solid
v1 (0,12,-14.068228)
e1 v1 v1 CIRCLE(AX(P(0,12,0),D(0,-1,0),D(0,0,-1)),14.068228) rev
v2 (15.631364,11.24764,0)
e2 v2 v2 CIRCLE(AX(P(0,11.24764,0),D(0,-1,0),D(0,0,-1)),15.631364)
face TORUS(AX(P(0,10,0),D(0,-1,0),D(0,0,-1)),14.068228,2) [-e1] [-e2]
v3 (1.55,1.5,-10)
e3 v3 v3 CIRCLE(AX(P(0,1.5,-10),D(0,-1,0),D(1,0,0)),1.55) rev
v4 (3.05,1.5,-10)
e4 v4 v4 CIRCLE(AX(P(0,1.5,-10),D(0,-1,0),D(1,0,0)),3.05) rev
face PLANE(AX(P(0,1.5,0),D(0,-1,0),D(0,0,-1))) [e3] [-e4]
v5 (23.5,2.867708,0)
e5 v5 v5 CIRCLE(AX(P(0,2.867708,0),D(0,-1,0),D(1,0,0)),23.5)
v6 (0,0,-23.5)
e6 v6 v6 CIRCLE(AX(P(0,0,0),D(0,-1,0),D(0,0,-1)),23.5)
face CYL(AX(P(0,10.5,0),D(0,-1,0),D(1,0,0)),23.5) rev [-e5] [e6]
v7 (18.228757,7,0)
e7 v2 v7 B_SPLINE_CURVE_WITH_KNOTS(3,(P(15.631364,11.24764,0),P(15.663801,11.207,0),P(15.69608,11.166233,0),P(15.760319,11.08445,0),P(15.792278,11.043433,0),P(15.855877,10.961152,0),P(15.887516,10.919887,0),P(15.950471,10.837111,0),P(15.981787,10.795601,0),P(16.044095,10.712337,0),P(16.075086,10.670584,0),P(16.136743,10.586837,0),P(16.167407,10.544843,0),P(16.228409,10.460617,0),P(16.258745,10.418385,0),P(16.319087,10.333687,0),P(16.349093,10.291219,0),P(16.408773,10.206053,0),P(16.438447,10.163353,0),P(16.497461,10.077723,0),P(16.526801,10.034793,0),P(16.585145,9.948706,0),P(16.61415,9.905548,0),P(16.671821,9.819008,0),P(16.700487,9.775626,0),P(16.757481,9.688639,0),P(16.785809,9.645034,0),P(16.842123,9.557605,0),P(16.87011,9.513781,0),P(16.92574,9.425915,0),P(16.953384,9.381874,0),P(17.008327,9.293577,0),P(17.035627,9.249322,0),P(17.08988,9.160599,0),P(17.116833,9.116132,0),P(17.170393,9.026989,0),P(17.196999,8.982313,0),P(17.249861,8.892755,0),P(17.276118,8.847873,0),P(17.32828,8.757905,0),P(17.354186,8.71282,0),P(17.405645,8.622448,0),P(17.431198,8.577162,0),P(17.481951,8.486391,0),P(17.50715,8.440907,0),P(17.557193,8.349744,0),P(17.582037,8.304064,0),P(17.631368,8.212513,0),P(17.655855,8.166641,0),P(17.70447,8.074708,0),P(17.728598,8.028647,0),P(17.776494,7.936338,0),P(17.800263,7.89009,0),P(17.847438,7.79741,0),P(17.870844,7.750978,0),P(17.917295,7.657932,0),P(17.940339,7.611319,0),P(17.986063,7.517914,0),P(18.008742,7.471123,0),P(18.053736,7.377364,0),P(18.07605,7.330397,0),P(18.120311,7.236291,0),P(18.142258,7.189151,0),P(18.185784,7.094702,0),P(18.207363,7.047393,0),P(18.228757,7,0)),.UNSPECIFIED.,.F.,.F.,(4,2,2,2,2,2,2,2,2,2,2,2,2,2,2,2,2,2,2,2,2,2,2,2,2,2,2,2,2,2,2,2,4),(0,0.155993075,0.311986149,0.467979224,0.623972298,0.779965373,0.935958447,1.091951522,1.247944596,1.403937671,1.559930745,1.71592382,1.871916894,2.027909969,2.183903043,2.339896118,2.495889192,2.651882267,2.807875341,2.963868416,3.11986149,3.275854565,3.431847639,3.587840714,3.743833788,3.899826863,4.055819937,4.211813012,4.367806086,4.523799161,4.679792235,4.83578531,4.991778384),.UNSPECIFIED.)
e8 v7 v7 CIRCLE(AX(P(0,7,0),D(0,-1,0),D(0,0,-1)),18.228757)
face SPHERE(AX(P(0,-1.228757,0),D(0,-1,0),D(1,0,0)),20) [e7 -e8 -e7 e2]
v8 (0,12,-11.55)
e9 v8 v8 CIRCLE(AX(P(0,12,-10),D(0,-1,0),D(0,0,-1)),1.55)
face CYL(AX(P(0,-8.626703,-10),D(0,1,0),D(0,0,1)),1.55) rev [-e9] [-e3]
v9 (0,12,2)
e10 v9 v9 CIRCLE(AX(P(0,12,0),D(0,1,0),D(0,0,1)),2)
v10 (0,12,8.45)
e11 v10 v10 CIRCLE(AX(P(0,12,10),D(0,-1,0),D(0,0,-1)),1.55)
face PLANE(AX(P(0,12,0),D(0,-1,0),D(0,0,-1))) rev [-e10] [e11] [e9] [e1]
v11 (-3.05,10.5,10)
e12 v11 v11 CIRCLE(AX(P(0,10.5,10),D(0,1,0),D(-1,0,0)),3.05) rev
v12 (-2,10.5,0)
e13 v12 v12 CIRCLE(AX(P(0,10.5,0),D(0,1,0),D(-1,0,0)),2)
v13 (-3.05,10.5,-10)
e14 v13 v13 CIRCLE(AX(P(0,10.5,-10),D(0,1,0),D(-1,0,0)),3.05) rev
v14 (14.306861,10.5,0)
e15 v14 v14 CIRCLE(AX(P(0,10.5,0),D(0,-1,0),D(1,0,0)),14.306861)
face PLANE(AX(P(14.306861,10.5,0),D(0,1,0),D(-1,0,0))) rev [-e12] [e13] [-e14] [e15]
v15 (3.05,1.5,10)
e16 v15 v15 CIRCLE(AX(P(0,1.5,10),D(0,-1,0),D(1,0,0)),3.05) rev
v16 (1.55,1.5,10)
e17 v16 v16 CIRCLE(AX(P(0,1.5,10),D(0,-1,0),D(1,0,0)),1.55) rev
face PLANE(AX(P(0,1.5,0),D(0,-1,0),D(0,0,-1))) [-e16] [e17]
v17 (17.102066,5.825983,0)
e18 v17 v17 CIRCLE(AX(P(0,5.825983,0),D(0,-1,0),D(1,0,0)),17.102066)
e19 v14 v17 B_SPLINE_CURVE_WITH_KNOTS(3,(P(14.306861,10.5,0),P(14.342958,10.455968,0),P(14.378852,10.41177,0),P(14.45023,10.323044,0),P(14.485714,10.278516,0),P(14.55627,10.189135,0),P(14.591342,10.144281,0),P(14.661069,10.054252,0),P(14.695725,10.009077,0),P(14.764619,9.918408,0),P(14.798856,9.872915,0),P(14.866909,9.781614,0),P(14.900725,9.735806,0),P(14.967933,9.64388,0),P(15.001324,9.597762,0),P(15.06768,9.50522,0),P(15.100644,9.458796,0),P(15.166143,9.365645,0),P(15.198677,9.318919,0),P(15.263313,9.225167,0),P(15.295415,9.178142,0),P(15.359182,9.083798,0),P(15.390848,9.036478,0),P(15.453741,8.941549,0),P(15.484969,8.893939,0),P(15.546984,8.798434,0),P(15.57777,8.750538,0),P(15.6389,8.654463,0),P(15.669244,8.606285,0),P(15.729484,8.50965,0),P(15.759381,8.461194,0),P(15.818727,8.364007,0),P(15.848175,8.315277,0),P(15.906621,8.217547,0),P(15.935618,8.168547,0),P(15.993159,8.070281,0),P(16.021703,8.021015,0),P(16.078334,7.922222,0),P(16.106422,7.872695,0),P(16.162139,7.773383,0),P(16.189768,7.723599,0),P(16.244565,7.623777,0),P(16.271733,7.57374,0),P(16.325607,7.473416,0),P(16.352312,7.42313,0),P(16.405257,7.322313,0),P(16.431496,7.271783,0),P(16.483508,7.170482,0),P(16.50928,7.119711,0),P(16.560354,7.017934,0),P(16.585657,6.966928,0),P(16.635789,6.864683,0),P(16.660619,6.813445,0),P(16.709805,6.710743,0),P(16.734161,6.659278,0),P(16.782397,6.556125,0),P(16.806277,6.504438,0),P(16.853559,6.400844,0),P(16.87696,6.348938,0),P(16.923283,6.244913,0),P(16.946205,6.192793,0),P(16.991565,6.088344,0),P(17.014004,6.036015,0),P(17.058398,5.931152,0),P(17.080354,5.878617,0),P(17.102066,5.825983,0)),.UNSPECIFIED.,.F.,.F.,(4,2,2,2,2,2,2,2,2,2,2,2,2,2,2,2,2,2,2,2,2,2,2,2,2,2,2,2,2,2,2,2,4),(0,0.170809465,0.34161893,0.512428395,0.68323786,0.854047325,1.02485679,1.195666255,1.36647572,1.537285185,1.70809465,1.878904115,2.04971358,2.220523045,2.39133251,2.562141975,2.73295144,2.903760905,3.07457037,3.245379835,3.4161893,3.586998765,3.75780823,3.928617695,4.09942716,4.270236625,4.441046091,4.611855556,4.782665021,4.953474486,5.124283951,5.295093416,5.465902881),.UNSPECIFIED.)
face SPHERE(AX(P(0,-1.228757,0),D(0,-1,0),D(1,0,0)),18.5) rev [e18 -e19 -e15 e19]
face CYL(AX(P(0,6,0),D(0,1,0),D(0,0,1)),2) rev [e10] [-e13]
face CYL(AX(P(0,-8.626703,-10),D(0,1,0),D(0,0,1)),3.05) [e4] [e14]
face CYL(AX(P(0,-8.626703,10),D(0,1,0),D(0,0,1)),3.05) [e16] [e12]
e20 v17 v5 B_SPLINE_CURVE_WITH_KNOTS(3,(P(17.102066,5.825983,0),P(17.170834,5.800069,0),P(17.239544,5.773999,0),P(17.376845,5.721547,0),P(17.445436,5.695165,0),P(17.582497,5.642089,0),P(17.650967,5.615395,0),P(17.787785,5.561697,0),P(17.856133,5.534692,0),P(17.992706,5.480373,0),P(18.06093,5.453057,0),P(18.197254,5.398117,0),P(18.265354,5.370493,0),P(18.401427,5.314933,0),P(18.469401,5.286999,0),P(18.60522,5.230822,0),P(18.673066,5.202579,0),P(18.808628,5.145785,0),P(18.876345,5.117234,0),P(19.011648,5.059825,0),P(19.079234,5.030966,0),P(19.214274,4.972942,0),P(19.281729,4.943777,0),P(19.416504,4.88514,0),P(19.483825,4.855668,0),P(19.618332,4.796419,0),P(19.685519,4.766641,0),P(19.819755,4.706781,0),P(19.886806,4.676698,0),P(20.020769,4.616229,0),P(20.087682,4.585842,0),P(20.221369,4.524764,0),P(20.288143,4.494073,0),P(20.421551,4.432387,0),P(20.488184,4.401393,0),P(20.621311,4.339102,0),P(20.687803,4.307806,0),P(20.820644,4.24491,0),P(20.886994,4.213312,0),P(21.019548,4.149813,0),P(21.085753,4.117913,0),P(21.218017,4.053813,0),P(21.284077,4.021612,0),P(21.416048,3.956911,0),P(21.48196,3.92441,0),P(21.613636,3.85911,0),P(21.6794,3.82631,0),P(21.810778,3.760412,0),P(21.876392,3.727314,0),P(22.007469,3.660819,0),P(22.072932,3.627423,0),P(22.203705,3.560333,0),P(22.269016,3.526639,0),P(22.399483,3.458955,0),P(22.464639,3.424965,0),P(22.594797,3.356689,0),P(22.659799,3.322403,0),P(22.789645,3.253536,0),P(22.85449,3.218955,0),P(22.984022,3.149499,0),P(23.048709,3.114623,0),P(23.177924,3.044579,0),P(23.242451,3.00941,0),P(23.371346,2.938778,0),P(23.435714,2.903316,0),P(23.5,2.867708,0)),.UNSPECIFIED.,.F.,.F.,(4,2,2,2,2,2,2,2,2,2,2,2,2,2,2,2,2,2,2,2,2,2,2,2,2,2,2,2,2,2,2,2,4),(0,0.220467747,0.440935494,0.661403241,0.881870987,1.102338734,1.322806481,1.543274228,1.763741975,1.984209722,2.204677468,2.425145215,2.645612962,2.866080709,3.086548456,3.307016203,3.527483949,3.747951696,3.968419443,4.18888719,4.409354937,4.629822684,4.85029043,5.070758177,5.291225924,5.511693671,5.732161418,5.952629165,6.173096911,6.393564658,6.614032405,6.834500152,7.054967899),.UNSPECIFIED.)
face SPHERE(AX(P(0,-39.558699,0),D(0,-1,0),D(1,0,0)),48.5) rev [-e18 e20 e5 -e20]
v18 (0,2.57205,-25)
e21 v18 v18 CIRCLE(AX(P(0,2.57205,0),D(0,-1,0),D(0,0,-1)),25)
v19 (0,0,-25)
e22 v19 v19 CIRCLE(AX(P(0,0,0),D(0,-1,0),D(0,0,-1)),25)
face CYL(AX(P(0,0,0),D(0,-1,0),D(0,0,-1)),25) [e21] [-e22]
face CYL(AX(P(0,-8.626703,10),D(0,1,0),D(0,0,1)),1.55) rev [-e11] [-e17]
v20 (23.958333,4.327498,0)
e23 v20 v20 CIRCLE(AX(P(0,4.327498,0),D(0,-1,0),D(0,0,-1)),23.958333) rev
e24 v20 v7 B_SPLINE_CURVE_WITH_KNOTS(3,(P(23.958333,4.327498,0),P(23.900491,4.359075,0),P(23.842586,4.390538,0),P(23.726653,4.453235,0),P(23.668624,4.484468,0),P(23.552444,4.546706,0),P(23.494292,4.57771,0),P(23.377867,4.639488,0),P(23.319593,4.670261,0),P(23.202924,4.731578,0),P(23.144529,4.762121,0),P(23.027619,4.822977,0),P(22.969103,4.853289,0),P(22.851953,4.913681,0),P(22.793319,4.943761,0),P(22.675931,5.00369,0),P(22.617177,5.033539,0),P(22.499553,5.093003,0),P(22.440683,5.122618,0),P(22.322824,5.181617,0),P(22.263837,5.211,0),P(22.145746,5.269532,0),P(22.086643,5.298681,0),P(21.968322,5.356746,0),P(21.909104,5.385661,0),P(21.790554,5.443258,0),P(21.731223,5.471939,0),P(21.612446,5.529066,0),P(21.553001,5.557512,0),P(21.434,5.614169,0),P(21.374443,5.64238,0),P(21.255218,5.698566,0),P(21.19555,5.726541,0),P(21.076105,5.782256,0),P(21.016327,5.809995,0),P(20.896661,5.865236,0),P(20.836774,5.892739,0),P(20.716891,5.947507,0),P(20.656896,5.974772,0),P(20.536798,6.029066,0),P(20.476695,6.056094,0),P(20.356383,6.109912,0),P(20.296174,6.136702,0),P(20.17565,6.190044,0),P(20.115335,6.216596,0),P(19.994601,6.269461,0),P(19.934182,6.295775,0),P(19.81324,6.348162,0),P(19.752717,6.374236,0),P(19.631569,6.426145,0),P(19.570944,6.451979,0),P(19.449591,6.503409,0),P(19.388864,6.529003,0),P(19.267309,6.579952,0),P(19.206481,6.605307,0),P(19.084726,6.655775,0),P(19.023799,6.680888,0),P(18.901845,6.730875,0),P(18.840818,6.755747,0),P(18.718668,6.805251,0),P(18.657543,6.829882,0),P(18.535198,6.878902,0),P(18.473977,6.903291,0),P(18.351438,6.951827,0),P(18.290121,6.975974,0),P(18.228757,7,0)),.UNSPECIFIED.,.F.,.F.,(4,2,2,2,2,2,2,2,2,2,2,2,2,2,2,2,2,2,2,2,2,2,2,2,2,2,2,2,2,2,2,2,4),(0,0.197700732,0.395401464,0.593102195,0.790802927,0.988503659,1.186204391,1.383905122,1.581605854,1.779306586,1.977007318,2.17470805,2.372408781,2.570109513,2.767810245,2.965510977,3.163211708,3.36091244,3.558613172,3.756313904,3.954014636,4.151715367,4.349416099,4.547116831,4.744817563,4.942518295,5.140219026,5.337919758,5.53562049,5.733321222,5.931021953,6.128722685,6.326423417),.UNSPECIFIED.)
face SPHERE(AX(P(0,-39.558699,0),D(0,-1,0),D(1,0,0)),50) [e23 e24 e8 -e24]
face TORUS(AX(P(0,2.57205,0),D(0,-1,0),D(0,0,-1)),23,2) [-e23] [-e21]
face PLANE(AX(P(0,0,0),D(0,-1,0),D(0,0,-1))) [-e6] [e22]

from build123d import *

# Parameters (mm, degrees)
CROQUIS5_R              = 2
CORTAR_EXTRUIR1_DEPTH   = 6
CROQUIS6_R              = 23.5
CORTAR_EXTRUIR2_DEPTH   = 0.5
CROQUIS7_R              = 3.05
CROQUIS7_R_2            = 1.55
SALIENTE_EXTRUIR1_DEPTH = 9.5
CORTAR_EXTRUIR3_START   = -5.5
CROQUIS8_R              = 1.55
CORTAR_EXTRUIR3_DEPTH   = 5.5
REDONDEO1_R             = 2
REDONDEO2_R             = 2
CROQUIS9_R              = 23.5
CORTAR_EXTRUIR4_DEPTH   = 1


with BuildPart() as part:
    # Croquis3 → Revolución1 (revolve)
    with BuildSketch(Plane.XY):
        with BuildLine():
            Line((25, 0), (25, 3.742571384))
            ThreePointArc((25, 3.742571384), (21.675655898, 5.498663982), (18.228756555, 7))
            ThreePointArc((18.228756555, 7), (16.801415582, 9.620779584), (15, 12))
            Line((15, 12), (0, 12))
            Line((0, 12), (0, 0))
            Line((0, 0), (25, 0))
        make_face()
    revolve(axis=Axis((0, 0, 0), (0, 1, 0)))

    # Croquis4 → Cortar-Revolución1 (revolve, cut)
    with BuildSketch(Plane.XY):
        with BuildLine():
            Line((0, 1.5), (0, 10.5))
            Line((0, 10.5), (14.30686093, 10.5))
            ThreePointArc((14.30686093, 10.5), (15.877398251, 8.266411941), (17.102065618, 5.825983099))
            ThreePointArc((17.102065618, 5.825983099), (20.35484662, 4.463230038), (23.5, 2.867708066))
            Line((23.5, 2.867708066), (23.5, 1.5))
            Line((23.5, 1.5), (0, 1.5))
        make_face()
    revolve(axis=Axis((0, 10.5, 0), (0, 1, 0)), mode=Mode.SUBTRACT)

    # Croquis5 → Cortar-Extruir1 (cut)
    with BuildSketch(Plane(origin=(0, 12, 0), x_dir=(1, 0, 0), z_dir=(0, 1, 0))):
        with Locations(Location((0, 0, 0), (0, 0, 270))):
            Circle(CROQUIS5_R)
    extrude(amount=-CORTAR_EXTRUIR1_DEPTH, mode=Mode.SUBTRACT)

    # Croquis6 → Cortar-Extruir2 (cut)
    with BuildSketch(Plane.XZ):
        Circle(CROQUIS6_R)
    extrude(amount=-CORTAR_EXTRUIR2_DEPTH, mode=Mode.SUBTRACT)

    # Croquis7 → Saliente-Extruir1 (add)
    # profile 1 of 2: a face of its own
    with BuildSketch(Plane.XZ.offset(-10.5)):
        with Locations(Location((0, 10, 0), (0, 0, 180))):
            Circle(CROQUIS7_R)
        with Locations((0, 10)):
            Circle(CROQUIS7_R_2, mode=Mode.SUBTRACT)
    # profile 2 of 2: a face of its own
    with BuildSketch(Plane.XZ.offset(-10.5)):
        with Locations(Location((0, -10, 0), (0, 0, 180))):
            Circle(CROQUIS7_R)
        with Locations(Location((0, -10, 0), (0, 0, 90))):
            Circle(CROQUIS7_R_2, mode=Mode.SUBTRACT)
    extrude(amount=SALIENTE_EXTRUIR1_DEPTH)

    # Croquis8 → Cortar-Extruir3 (cut)
    with BuildSketch(Plane.XZ.offset(-10.5).offset(CORTAR_EXTRUIR3_START)):
        with Locations((0, -10)):
            Circle(CROQUIS8_R)
        with Locations((0, 10)):
            Circle(CROQUIS8_R)
    extrude(amount=CORTAR_EXTRUIR3_DEPTH, mode=Mode.SUBTRACT)

    # Redondeo1
    redondeo1_edges = [part.edges().sort_by_distance(p)[0] for p in [
        (-15, 12, 0),
    ]]
    fillet(redondeo1_edges, radius=REDONDEO1_R)

    # Redondeo2
    redondeo2_edges = [part.edges().sort_by_distance(p)[0] for p in [
        (-25, 3.742571384, 0),
    ]]
    fillet(redondeo2_edges, radius=REDONDEO2_R)

    # Croquis9 → Cortar-Extruir4 (cut)
    with BuildSketch(Plane.XZ.offset(-0.5)):
        Circle(CROQUIS9_R)
    extrude(amount=-CORTAR_EXTRUIR4_DEPTH, mode=Mode.SUBTRACT)


solid = part.part
